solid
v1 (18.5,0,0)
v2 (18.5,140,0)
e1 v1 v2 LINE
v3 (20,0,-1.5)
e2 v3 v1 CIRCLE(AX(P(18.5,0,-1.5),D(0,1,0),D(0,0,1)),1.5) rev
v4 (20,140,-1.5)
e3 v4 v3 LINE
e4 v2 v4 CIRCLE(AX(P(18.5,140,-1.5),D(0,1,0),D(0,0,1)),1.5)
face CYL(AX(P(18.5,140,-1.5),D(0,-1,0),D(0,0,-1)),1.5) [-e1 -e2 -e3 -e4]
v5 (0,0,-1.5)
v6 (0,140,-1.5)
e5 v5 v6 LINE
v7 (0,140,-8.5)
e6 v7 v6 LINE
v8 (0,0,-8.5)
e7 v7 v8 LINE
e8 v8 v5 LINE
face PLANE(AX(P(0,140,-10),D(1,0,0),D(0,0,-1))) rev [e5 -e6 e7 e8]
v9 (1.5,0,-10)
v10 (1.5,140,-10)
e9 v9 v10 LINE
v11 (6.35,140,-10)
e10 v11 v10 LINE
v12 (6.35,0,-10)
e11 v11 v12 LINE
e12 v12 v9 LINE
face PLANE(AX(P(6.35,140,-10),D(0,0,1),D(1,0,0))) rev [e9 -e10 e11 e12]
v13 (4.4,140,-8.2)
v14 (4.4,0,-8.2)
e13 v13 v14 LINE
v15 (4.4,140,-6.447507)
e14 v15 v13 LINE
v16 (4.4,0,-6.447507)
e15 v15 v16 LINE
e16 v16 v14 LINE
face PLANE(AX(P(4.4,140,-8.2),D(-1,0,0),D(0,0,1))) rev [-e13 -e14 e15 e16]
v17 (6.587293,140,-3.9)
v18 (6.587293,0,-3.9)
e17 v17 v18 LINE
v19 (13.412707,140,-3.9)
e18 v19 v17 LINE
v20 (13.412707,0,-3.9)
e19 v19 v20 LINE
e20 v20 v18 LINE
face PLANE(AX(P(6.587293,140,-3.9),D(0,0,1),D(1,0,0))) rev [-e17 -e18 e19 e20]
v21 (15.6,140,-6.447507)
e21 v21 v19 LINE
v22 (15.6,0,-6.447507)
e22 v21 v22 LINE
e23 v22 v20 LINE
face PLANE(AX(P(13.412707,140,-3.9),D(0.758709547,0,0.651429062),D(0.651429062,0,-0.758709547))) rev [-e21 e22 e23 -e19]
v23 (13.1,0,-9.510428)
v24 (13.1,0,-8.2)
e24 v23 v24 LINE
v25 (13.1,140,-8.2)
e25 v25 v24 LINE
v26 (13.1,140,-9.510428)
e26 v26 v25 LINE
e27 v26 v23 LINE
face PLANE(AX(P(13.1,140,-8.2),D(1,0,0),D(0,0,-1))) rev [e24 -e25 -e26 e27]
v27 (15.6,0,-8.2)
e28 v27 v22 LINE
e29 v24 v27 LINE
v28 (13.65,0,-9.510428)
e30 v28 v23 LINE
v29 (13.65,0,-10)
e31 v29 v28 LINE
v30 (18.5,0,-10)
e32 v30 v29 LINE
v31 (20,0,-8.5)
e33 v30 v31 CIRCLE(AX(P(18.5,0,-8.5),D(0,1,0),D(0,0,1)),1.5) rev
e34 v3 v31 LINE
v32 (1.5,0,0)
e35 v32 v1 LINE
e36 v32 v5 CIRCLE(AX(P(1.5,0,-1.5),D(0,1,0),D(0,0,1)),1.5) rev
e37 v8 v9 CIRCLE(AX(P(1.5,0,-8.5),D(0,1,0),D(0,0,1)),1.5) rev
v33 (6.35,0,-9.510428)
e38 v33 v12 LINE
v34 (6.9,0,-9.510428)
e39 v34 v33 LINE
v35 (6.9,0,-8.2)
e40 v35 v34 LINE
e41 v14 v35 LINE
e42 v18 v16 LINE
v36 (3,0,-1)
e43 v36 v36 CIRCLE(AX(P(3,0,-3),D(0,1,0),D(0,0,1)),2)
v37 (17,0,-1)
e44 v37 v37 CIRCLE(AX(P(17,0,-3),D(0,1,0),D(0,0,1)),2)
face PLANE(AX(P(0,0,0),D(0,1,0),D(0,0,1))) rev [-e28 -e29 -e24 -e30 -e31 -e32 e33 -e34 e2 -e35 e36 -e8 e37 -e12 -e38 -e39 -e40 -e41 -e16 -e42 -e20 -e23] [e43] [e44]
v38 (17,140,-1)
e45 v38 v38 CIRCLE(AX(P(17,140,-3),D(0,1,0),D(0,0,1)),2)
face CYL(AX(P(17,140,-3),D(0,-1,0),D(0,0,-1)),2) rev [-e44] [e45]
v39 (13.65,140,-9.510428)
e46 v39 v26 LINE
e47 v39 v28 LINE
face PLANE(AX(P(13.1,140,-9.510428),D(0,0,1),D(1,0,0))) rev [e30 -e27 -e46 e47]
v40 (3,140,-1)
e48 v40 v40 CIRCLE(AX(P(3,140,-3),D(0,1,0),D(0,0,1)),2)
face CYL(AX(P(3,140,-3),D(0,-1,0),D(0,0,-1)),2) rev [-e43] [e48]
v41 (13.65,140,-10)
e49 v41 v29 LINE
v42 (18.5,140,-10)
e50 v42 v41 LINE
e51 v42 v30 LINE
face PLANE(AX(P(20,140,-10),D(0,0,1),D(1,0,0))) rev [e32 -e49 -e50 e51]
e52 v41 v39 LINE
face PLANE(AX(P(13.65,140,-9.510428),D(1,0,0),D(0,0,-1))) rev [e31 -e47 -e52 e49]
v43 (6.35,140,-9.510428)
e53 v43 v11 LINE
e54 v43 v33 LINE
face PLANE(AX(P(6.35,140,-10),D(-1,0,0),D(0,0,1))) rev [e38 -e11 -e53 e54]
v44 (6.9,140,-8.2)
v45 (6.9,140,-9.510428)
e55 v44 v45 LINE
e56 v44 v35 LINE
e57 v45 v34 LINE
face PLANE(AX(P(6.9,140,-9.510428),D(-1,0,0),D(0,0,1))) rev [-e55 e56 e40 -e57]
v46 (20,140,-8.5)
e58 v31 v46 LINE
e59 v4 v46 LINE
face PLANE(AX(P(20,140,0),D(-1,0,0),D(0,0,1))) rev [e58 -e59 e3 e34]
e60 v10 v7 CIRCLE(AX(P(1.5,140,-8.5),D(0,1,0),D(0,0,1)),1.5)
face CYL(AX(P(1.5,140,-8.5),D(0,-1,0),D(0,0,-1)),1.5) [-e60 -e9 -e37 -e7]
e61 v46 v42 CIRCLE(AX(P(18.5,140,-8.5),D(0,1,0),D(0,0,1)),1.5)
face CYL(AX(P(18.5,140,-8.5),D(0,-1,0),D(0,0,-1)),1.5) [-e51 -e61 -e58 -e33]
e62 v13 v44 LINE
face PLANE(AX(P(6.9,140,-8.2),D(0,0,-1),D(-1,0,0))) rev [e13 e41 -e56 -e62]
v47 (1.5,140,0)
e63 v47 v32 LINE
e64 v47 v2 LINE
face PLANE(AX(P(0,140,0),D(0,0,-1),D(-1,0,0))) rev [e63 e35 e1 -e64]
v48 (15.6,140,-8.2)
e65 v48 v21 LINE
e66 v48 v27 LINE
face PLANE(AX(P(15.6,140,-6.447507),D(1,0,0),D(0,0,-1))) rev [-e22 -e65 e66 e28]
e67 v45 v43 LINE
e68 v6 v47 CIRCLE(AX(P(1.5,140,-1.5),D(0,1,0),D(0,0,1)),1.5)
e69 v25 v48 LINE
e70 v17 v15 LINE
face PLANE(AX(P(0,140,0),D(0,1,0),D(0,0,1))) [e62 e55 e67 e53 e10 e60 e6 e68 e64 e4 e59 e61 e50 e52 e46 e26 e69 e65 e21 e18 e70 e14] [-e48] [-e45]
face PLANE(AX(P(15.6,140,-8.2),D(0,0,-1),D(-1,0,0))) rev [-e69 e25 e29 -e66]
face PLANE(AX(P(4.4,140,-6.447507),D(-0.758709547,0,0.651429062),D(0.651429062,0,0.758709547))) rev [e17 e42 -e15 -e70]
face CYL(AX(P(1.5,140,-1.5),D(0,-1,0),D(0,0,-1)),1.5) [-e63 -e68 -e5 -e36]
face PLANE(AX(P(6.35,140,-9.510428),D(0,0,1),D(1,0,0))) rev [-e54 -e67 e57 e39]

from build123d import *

# Parameters (mm, degrees)
SKETCH_1_R      = 2
EXTRUDE_1_DEPTH = 140
FILLET_1_R      = 1.5


with BuildPart() as part:
    # 草图1 → 凸台-拉伸1 (new body)
    with BuildSketch(Plane(origin=(0, 0, 0), x_dir=(1, 0, 0), z_dir=(0, 1, 0))):
        Polygon((0, 0), (20, 0), (20, 10), (13.65, 10), (13.65, 9.510427602), (13.1, 9.510427602), (13.1, 8.2), (15.6, 8.2), (15.6, 6.447507136), (13.412706863, 3.9), (6.587293137, 3.9), (4.4, 6.447507136), (4.4, 8.2), (6.9, 8.2), (6.9, 9.510427602), (6.35, 9.510427602), (6.35, 10), (0, 10), align=None)
        with Locations(Location((3, 3, 0), (0, 0, 270))):
            Circle(SKETCH_1_R, mode=Mode.SUBTRACT)
        with Locations(Location((17, 3, 0), (0, 0, 270))):
            Circle(SKETCH_1_R, mode=Mode.SUBTRACT)
    extrude(amount=EXTRUDE_1_DEPTH)

    # 圆角1
    fillet_1_edges = [part.edges().sort_by_distance(p)[0] for p in [
        (0, 70, -10),
        (20, 70, -10),
        (20, 70, 0),
        (0, 70, 0),
    ]]
    fillet(fillet_1_edges, radius=FILLET_1_R)


solid = part.part
